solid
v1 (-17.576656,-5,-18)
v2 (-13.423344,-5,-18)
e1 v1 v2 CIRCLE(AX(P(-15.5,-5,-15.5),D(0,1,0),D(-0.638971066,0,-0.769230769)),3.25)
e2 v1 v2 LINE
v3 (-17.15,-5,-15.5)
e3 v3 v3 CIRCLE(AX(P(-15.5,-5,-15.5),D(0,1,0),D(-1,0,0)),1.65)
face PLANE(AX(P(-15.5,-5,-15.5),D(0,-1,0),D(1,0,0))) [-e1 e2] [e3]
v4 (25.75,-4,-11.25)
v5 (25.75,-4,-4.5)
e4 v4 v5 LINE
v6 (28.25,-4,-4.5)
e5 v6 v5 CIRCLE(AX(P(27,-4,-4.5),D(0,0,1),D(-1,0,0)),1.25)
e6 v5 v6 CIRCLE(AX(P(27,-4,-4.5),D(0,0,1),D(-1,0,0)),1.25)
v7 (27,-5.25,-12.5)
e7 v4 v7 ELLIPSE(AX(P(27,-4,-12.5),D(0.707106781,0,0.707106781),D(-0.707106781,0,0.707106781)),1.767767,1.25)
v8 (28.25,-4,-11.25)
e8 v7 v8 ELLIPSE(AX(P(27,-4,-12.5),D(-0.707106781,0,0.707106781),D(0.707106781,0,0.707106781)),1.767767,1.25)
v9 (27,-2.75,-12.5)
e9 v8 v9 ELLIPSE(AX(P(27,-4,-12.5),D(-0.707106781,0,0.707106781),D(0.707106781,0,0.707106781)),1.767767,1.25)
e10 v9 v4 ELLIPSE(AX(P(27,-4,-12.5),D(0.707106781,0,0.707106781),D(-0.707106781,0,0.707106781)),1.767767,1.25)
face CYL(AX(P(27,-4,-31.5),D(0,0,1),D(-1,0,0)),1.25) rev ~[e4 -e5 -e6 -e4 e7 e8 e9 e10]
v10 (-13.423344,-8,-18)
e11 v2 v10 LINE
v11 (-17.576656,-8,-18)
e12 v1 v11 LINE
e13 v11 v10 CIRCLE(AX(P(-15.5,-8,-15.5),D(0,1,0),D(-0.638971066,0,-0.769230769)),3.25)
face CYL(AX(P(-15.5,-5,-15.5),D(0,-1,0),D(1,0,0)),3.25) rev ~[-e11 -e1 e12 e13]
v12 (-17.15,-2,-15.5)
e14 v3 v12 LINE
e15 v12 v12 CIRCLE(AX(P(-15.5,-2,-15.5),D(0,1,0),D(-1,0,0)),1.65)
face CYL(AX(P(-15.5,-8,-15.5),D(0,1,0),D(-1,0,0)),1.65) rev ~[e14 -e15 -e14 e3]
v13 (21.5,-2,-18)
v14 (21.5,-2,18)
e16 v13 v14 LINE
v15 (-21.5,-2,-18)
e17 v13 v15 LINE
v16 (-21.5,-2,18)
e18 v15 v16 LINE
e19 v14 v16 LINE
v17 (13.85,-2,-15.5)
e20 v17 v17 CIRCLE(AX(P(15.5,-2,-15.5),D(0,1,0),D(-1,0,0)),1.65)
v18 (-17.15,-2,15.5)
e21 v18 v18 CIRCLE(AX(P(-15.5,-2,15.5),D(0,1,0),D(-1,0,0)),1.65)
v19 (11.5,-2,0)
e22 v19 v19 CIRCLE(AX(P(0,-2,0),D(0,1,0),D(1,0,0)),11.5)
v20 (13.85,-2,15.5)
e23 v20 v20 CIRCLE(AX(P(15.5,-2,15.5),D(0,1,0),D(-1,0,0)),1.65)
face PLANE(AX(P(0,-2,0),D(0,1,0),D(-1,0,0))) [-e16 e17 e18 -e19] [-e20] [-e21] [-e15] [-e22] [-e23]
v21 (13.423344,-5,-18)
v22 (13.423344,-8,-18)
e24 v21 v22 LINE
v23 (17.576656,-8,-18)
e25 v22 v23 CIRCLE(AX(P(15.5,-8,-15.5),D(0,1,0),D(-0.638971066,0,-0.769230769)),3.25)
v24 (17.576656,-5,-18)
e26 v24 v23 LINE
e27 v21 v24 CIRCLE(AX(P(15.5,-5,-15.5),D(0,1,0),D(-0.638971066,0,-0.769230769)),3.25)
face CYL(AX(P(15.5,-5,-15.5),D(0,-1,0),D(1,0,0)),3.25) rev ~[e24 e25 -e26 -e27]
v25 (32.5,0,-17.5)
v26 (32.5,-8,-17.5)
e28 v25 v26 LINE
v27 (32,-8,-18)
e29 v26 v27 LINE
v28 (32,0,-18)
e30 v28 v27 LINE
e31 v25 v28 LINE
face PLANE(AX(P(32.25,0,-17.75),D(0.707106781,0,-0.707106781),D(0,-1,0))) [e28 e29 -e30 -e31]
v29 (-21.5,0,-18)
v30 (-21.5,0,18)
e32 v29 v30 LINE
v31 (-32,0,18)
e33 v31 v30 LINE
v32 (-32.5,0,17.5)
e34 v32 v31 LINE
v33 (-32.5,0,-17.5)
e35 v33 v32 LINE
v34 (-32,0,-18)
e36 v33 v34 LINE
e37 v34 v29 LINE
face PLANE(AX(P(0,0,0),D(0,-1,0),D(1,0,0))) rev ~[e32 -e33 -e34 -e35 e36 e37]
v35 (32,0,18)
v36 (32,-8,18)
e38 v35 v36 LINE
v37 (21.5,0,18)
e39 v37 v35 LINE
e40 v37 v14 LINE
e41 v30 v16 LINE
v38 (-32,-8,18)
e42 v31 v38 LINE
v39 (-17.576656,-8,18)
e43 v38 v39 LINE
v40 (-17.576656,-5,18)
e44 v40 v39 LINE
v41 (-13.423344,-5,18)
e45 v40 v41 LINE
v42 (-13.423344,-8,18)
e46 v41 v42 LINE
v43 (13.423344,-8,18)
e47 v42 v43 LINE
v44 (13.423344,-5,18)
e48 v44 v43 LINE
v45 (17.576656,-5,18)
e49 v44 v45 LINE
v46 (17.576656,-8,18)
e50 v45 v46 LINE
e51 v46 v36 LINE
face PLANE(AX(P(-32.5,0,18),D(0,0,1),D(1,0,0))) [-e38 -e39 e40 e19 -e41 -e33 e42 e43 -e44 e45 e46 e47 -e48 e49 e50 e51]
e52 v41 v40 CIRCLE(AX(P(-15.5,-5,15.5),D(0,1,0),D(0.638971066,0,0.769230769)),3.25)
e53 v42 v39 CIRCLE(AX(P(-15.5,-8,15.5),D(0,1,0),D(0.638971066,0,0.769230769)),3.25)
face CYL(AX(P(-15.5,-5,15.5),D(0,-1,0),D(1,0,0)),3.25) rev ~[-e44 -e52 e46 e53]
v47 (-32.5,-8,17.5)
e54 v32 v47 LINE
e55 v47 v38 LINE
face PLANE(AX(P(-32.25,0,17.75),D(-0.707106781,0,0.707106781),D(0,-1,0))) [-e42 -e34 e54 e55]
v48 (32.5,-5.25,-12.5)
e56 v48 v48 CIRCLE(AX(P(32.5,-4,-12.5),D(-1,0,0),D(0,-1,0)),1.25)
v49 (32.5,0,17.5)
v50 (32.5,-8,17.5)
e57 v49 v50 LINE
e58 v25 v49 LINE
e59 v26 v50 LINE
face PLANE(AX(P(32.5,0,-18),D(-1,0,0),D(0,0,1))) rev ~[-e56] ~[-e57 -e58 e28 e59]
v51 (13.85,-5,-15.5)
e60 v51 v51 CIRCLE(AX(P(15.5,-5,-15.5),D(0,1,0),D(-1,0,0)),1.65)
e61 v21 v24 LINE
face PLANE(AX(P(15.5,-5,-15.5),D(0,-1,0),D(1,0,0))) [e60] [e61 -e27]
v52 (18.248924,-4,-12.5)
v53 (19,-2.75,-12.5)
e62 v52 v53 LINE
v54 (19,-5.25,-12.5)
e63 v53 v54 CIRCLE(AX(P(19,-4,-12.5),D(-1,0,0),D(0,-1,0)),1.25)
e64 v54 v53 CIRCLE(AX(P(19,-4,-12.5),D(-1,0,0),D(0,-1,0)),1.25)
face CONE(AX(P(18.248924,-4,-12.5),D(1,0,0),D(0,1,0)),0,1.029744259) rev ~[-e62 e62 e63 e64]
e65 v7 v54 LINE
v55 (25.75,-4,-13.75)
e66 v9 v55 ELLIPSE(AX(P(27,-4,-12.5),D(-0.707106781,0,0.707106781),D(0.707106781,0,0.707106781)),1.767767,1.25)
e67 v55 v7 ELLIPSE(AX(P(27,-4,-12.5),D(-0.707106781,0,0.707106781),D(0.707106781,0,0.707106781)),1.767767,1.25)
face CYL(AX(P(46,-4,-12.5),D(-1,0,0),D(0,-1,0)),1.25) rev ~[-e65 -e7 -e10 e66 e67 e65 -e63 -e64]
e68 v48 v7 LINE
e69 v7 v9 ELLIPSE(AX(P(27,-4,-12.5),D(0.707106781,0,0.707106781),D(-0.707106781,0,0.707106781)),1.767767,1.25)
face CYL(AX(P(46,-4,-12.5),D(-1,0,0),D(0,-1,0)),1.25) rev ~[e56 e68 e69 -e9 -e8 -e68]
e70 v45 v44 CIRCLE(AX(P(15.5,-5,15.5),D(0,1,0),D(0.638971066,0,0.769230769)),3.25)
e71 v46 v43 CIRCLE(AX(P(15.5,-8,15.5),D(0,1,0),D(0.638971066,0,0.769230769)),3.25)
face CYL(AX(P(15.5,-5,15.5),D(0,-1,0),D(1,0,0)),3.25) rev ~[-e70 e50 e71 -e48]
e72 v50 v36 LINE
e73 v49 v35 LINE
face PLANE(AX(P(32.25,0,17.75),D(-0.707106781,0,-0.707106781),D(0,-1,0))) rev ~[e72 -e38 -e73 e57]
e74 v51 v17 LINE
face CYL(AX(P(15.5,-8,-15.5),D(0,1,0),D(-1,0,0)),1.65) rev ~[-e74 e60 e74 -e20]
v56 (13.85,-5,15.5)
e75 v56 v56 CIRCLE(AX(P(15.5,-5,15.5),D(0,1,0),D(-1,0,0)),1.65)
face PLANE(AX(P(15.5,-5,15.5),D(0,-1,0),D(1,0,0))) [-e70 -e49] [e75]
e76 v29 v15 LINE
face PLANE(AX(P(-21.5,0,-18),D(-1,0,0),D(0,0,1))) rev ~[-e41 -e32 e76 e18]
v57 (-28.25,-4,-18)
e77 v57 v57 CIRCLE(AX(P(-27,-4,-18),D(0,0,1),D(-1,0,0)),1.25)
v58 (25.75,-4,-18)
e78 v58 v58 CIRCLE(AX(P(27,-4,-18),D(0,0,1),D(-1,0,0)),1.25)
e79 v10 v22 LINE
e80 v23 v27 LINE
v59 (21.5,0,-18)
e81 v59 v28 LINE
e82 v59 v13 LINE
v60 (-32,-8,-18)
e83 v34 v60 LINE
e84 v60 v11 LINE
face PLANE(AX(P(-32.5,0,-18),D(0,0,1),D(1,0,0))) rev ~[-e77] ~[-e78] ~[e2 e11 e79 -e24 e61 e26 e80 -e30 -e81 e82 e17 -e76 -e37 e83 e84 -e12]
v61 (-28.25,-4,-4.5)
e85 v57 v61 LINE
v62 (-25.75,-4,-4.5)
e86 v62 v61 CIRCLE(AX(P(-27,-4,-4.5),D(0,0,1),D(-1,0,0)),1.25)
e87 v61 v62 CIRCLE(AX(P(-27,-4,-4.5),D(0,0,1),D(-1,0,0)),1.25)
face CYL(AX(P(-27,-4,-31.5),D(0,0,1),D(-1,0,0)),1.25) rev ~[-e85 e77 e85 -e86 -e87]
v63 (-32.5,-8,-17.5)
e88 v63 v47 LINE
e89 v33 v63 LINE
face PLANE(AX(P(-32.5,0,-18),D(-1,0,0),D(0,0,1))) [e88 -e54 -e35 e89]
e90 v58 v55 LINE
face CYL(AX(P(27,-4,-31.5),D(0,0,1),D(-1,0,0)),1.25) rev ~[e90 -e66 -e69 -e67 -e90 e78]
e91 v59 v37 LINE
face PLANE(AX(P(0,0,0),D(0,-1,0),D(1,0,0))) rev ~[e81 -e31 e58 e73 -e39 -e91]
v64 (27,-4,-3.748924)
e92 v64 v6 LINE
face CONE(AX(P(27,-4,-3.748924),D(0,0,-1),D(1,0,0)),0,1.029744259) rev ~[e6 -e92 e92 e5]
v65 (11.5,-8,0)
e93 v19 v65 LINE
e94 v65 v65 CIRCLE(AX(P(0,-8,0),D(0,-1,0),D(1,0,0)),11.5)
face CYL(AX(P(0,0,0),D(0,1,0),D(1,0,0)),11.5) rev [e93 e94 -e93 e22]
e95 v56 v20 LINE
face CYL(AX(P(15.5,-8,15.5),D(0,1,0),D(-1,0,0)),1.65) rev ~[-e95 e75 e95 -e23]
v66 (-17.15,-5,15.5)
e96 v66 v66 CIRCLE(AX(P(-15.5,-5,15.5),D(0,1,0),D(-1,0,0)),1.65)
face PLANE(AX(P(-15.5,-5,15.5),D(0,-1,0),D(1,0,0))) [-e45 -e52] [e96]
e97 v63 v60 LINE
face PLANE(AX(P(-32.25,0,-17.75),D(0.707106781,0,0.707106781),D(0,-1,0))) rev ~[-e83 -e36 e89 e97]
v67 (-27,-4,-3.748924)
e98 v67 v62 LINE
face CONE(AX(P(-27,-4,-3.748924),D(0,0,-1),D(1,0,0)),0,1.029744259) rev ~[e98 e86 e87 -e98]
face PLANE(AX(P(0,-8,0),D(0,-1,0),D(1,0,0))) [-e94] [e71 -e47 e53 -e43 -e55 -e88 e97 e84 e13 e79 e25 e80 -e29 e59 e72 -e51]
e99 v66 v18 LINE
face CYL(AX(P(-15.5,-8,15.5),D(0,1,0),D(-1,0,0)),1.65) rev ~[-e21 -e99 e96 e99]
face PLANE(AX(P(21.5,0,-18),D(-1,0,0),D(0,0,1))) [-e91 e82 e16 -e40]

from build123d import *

# Parameters (mm, degrees)
F0_W           = 65
F0_H           = 36
F0_R           = 11.5
F1_DEPTH       = 8
F3_D           = 3.3
F3_CBORE_D     = 6.5
F3_CBORE_DEPTH = 3
F4_SIZE        = 0.5
F6_D           = 2.5
F6_DEPTH       = 13.5
F6_TIP         = 0.7510757738
F7_W           = 43
F7_H           = 36
F7_R           = 1.65
F7_R_2         = 11.5
F8_DEPTH       = 2
F10_D          = 2.5
F10_DEPTH      = 13.5
F10_TIP        = 0.7510757738


with BuildPart() as f1:
    # F0 (on Front) → F1 (new body)
    with BuildSketch(Plane.XZ):
        Rectangle(F0_W, F0_H)
        Circle(F0_R, mode=Mode.SUBTRACT)
    extrude(amount=F1_DEPTH)

    # F3 (through all)
    with Locations(Plane.XZ.offset(8)):
        with Locations((15.5, 15.5), (15.5, -15.5), (-15.5, -15.5), (-15.5, 15.5)):
            CounterBoreHole(F3_D / 2, F3_CBORE_D / 2, F3_CBORE_DEPTH)

    # F4
    f4_edges = [f1.edges().sort_by_distance(p)[0] for p in [
        (-32.5, -4, 18),
        (32.5, -4, 18),
        (32.5, -4, -18),
        (-32.5, -4, -18),
    ]]
    chamfer(f4_edges, length=F4_SIZE)

    # F6
    with Locations(Plane(origin=(0, 0, -18), x_dir=(1, 0, 0), z_dir=(0, 0, -1))):
        with Locations((27, 4), (-27, 4)):
            Hole(F6_D / 2, depth=F6_DEPTH)
            with Locations((0, 0, -(F6_DEPTH + F6_TIP / 2))):  # 118° drill point
                Cone(0, F6_D / 2, F6_TIP, mode=Mode.SUBTRACT)

    # F7 (on face) → F8 (cut)
    with BuildSketch(Plane(origin=(0, 0, 0), x_dir=(-1, 0, 0), z_dir=(0, 1, 0))):
        Rectangle(F7_W, F7_H)
        with Locations((-15.5, -15.5)):
            Circle(F7_R, mode=Mode.SUBTRACT)
        with Locations((15.5, -15.5)):
            Circle(F7_R, mode=Mode.SUBTRACT)
        with Locations((-15.5, 15.5)):
            Circle(F7_R, mode=Mode.SUBTRACT)
        Circle(F7_R_2, mode=Mode.SUBTRACT)
        with Locations((15.5, 15.5)):
            Circle(F7_R, mode=Mode.SUBTRACT)
    extrude(amount=-F8_DEPTH, mode=Mode.SUBTRACT)

    # F10
    with Locations(Plane.YZ.offset(32.5)):
        with Locations((-4, -12.5)):
            Hole(F10_D / 2, depth=F10_DEPTH)
            with Locations((0, 0, -(F10_DEPTH + F10_TIP / 2))):  # 118° drill point
                Cone(0, F10_D / 2, F10_TIP, mode=Mode.SUBTRACT)


solid = f1.part
